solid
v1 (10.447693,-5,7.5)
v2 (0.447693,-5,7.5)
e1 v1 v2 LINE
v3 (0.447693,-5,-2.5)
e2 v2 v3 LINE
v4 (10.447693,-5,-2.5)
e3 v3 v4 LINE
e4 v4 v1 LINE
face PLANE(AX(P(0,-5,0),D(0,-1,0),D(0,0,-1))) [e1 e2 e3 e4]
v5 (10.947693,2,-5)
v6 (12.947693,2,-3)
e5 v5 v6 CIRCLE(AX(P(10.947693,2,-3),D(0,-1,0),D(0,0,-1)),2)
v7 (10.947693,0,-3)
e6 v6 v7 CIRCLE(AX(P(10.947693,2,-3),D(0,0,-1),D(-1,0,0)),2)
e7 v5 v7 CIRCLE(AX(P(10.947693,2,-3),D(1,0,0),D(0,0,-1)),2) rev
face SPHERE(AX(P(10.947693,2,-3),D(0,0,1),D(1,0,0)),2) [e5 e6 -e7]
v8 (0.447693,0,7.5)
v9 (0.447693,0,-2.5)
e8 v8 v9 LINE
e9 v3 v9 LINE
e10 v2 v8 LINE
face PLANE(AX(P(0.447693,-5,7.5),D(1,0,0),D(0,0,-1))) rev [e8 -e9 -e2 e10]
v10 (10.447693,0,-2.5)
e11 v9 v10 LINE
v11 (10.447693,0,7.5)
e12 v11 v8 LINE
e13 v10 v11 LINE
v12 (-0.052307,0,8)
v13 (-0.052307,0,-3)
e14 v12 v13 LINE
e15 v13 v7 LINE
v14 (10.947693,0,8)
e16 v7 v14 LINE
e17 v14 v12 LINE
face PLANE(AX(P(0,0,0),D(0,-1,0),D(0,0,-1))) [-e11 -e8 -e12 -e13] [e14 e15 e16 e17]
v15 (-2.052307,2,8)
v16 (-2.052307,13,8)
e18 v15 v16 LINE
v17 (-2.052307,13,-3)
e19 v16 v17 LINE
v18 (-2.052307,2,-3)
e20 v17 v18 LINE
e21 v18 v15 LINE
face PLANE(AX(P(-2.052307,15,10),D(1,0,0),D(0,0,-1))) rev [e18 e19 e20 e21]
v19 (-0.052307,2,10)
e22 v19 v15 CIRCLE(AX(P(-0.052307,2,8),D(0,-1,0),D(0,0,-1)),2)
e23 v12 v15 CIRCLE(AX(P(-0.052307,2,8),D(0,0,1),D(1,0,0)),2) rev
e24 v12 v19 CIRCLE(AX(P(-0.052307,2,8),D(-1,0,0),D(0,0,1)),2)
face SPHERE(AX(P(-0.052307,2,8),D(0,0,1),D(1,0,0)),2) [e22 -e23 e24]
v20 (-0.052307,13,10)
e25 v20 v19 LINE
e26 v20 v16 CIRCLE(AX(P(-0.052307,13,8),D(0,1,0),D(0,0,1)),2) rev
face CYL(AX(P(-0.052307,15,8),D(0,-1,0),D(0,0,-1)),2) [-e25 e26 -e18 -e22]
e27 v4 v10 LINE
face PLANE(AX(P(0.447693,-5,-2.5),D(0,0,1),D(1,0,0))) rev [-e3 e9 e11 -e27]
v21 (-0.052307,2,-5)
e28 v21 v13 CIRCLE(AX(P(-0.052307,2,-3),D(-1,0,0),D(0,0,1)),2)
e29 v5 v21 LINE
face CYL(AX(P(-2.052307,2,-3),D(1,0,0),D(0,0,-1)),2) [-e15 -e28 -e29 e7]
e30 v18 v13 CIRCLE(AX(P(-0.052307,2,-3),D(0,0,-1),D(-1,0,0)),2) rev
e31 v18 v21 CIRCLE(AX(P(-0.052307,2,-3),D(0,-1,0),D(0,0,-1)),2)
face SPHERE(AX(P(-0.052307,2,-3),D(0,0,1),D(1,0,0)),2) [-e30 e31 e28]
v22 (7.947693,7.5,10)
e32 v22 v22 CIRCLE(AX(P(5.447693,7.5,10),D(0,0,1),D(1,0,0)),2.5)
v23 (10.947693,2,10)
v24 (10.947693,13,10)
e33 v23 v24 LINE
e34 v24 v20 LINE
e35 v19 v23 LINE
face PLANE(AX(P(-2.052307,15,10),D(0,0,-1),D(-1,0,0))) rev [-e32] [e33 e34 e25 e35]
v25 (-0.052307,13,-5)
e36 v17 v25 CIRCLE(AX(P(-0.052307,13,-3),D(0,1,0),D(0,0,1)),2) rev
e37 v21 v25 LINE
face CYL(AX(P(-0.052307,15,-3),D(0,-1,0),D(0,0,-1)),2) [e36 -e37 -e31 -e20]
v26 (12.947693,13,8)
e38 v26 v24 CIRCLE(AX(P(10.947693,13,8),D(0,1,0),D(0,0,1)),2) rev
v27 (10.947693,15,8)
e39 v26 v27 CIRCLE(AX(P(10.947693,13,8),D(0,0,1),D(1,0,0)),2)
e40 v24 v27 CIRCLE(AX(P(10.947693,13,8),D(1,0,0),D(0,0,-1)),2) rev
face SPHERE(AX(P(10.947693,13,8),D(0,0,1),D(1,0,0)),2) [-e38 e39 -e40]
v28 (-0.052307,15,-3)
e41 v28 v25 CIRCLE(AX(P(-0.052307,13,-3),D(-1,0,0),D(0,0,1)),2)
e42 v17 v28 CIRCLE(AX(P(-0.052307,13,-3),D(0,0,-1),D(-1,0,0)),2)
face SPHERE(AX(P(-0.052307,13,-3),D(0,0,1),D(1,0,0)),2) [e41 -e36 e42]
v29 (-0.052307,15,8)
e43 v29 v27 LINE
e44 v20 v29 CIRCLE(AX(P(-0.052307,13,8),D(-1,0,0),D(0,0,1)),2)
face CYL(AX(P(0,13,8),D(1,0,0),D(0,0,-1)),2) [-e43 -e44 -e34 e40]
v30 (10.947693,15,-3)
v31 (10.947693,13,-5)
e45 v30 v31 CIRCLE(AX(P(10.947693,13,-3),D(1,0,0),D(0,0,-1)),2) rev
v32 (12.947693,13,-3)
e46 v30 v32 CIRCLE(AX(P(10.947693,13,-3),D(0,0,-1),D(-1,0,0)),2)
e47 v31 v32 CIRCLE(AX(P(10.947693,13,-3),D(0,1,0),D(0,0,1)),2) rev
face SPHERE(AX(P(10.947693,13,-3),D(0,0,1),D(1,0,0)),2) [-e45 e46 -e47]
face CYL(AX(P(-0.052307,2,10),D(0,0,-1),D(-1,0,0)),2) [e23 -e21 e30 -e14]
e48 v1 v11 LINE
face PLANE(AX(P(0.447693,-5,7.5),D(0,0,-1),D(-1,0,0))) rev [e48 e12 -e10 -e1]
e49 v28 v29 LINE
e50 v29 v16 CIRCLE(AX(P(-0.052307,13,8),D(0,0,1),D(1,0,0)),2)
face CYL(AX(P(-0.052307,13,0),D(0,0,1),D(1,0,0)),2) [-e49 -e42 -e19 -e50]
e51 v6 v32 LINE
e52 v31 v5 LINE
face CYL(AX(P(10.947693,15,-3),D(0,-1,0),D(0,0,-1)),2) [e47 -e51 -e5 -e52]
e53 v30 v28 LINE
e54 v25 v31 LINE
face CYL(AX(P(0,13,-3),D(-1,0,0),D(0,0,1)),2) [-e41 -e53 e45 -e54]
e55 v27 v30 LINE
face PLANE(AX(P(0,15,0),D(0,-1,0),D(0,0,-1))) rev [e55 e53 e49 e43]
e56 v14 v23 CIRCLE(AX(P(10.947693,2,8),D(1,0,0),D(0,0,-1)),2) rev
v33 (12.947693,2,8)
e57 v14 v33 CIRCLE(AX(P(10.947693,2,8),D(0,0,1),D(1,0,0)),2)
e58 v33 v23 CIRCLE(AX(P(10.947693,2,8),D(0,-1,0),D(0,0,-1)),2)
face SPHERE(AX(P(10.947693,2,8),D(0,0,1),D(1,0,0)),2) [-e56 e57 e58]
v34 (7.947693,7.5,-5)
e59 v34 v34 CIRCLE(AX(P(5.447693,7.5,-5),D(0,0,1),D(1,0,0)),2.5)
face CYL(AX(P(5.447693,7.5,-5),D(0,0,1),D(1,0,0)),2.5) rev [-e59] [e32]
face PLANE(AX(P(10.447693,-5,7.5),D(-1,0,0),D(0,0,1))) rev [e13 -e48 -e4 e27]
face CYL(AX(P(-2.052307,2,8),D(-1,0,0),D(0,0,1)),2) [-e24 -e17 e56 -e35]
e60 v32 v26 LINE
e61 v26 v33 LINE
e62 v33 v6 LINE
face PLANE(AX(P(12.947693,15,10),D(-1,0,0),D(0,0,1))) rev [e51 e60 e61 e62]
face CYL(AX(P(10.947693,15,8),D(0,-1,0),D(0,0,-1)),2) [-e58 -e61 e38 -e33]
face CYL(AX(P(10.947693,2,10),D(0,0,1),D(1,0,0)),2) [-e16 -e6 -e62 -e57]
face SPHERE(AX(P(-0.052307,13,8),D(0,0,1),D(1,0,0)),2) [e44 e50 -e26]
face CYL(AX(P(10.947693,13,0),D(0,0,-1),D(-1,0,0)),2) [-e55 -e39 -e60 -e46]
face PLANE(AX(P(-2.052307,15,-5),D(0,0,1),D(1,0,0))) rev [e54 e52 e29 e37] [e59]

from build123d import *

# Parameters (mm, degrees)
SKETCH1_W           = 15
SKETCH1_H           = 15
BOSS_EXTRUDE1_DEPTH = 15
SKETCH2_W           = 10
SKETCH2_H           = 10
BOSS_EXTRUDE2_DEPTH = 5
SKETCH3_R           = 2.5
CUT_EXTRUDE1_DEPTH  = 25.852419528
FILLET1_R           = 2


with BuildPart() as part:
    # Sketch1 → Boss-Extrude1 (new body)
    with BuildSketch(Plane(origin=(0, 0, 0), x_dir=(1, 0, 0), z_dir=(0, 1, 0))):
        with Locations((5.447693091, -2.5)):
            Rectangle(SKETCH1_W, SKETCH1_H)
    extrude(amount=BOSS_EXTRUDE1_DEPTH)

    # Sketch2 → Boss-Extrude2 (add)
    with BuildSketch(Plane.XZ):
        with Locations((5.447693091, 2.5)):
            Rectangle(SKETCH2_W, SKETCH2_H)
    extrude(amount=BOSS_EXTRUDE2_DEPTH)

    # Sketch3 → Cut-Extrude1 (cut, through all)
    with BuildSketch(Plane.XY.offset(10)):
        with Locations((5.447693091, 7.5)):
            Circle(SKETCH3_R)
    extrude(amount=-CUT_EXTRUDE1_DEPTH, mode=Mode.SUBTRACT)

    # Fillet1
    fillet1_edges = [part.edges().sort_by_distance(p)[0] for p in [
        (-2.052306909, 15, 2.5),
        (5.447693091, 15, 10),
        (12.947693091, 15, 2.5),
        (5.447693091, 0, 10),
        (-2.052306909, 0, 2.5),
        (5.447693091, 0, -5),
        (12.947693091, 0, 2.5),
        (12.947693091, 7.5, 10),
        (-2.052306909, 7.5, 10),
        (-2.052306909, 7.5, -5),
        (12.947693091, 7.5, -5),
        (5.447693091, 15, -5),
    ]]
    fillet(fillet1_edges, radius=FILLET1_R)


solid = part.part
